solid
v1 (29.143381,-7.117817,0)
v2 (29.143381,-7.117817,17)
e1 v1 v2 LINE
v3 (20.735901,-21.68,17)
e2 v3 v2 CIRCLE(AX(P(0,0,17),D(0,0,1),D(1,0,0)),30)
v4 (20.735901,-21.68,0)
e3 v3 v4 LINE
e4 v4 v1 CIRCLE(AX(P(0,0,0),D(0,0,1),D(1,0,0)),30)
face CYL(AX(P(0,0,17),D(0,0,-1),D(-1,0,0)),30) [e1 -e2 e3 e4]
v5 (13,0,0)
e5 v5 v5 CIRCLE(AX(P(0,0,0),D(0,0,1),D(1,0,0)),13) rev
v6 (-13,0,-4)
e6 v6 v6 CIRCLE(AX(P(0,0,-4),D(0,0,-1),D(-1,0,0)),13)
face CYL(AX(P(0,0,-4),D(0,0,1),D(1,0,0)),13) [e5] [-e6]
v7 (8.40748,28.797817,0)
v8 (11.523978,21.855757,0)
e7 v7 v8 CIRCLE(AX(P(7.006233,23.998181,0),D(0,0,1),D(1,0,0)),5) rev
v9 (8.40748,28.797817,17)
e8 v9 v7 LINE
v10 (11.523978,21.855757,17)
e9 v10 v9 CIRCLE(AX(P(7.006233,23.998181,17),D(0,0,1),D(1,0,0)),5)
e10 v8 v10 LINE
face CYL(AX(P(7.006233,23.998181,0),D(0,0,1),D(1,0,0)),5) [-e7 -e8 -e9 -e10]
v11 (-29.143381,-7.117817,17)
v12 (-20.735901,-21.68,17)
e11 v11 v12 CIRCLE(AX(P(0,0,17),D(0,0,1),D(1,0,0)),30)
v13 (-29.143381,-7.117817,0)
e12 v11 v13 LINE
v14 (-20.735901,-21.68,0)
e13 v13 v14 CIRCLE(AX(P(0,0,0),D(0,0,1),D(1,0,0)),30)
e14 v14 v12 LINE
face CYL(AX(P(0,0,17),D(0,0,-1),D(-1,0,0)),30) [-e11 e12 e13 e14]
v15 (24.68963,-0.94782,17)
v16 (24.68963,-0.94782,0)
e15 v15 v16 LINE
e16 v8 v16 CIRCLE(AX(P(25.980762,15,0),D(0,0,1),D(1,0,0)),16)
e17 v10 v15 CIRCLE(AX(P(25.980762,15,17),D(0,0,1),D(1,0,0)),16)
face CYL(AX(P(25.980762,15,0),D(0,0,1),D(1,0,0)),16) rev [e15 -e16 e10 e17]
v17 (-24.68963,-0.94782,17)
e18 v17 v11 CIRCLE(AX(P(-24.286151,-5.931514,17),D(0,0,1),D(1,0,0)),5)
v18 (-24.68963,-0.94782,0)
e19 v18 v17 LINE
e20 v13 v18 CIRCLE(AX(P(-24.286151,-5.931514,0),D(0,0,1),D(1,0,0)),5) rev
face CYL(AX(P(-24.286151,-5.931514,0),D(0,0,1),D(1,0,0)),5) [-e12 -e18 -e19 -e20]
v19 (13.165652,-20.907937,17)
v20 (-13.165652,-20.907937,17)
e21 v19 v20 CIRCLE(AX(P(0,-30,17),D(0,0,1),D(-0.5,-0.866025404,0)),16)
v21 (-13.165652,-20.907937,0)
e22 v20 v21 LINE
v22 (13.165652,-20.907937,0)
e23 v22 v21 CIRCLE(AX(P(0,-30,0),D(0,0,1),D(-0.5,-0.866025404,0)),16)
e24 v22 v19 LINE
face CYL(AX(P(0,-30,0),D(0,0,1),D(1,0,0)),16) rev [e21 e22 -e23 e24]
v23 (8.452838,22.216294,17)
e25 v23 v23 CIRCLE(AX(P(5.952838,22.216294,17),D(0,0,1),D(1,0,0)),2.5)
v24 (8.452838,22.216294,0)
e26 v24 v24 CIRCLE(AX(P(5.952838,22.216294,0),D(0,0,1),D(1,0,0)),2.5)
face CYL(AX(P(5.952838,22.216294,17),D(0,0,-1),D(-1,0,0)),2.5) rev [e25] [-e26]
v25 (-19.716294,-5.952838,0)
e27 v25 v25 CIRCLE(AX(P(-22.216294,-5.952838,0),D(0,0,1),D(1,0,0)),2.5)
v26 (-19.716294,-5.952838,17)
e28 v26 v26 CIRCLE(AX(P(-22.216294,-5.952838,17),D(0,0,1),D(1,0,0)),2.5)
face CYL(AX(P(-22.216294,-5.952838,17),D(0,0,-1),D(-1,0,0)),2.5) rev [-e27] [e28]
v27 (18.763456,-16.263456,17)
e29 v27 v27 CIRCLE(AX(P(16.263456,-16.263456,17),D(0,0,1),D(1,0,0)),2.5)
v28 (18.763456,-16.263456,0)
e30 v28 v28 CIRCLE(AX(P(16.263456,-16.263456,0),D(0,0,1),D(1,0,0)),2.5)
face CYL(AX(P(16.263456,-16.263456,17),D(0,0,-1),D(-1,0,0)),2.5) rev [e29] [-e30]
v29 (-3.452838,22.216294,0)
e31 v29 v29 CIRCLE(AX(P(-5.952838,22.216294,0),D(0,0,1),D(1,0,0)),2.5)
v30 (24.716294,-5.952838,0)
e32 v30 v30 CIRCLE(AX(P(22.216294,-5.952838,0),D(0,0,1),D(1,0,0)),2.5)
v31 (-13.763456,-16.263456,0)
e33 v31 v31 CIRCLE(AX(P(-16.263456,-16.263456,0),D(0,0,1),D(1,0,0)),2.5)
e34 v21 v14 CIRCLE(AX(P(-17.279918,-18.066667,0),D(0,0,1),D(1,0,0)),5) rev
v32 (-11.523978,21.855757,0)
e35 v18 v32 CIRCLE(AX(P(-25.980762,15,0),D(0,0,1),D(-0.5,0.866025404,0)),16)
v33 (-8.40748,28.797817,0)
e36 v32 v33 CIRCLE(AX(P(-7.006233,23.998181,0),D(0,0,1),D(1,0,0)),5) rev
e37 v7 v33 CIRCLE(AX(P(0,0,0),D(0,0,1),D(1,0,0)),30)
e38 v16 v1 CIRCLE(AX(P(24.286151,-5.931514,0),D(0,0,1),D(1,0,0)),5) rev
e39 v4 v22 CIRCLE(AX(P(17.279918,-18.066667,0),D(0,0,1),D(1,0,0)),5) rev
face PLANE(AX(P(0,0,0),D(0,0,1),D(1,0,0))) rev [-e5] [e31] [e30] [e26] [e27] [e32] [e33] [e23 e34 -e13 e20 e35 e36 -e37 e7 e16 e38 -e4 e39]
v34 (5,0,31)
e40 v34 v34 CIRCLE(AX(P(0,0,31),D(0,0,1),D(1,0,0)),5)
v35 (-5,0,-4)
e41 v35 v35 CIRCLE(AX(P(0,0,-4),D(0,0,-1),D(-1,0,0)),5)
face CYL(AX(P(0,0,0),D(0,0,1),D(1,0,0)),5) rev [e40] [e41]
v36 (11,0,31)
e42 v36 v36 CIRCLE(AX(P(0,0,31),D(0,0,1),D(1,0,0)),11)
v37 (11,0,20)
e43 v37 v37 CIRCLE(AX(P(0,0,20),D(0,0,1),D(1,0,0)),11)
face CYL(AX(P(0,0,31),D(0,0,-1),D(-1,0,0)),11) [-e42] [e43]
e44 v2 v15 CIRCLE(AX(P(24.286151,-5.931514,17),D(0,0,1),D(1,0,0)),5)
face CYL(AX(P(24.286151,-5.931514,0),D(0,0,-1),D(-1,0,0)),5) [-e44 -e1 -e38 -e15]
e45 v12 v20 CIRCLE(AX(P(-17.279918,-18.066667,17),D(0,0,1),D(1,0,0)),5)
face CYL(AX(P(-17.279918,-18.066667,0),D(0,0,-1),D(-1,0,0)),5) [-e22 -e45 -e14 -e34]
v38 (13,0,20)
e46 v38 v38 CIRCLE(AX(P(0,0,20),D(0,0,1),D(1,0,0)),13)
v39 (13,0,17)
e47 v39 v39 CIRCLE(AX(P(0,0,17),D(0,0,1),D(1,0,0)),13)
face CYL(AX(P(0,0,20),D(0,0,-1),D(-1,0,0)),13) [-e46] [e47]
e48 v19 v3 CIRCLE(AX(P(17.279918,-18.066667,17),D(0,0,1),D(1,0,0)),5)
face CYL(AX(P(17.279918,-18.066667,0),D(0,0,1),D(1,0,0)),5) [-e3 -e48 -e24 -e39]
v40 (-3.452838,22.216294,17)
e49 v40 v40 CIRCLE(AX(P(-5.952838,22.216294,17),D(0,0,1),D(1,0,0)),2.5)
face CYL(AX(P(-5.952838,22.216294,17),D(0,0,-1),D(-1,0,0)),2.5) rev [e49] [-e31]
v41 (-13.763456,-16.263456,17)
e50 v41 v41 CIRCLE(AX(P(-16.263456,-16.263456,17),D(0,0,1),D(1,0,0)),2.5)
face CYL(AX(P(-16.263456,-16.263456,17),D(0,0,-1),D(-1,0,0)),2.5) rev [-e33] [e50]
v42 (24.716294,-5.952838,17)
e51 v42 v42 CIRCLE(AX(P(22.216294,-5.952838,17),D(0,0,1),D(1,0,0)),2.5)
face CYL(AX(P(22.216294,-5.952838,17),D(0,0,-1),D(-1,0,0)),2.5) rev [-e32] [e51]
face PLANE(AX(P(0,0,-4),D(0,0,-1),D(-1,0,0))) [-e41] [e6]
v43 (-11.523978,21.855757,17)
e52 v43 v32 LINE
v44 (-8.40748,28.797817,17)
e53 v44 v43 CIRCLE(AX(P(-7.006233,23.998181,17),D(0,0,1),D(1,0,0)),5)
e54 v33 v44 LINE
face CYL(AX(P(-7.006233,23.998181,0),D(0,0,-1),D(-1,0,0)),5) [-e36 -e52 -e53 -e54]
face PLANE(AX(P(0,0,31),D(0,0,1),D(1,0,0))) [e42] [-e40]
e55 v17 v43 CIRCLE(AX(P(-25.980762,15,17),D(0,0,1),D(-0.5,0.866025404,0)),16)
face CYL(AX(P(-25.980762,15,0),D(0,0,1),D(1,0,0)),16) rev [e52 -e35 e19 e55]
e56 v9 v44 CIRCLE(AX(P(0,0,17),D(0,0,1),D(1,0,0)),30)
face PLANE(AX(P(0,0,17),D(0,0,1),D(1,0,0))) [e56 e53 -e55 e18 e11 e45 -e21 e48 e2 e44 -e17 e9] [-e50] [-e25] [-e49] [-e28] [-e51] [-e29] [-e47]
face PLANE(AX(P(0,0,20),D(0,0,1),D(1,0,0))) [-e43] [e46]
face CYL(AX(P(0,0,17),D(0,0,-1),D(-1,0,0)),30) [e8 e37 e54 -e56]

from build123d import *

# Parameters (mm, degrees)
SKETCH_1_R               = 30
SKETCH_1_R_2             = 2.5
EXTRUDE_1_DEPTH          = 17
SKETCH_2_R               = 16
CUT_EXTRUDE_1_DEPTH      = 18
PATTERN_CIRCULAR_1_COUNT = 3
SKETCH_4_R               = 11
EXTRUDE_3_DEPTH          = 14
SKETCH_5_R               = 5
CUT_EXTRUDE_2_DEPTH      = 32
SKETCH_6_W               = 4
SKETCH_6_H               = 2.5
CUT_EXTRUDE_3_DEPTH      = 32
SKETCH_7_R               = 13
EXTRUDE_4_DEPTH          = 4
EXTRUDE_5_DEPTH          = 35
SKETCH_10_R              = 13
SKETCH_10_R_2            = 11
EXTRUDE_8_DEPTH          = 3
FILLET_1_R               = 5


with BuildPart() as part:
    # 草图1 → 凸台-拉伸1 (new body)
    with BuildSketch(Plane.XY):
        Circle(SKETCH_1_R)
        with Locations((-5.952838037, 22.216294005)):
            Circle(SKETCH_1_R_2, mode=Mode.SUBTRACT)
        with Locations((5.952838037, 22.216294005)):
            Circle(SKETCH_1_R_2, mode=Mode.SUBTRACT)
        with Locations((22.216294005, -5.952838037)):
            Circle(SKETCH_1_R_2, mode=Mode.SUBTRACT)
        with Locations((16.263455967, -16.263455967)):
            Circle(SKETCH_1_R_2, mode=Mode.SUBTRACT)
        with Locations((-16.263455967, -16.263455967)):
            Circle(SKETCH_1_R_2, mode=Mode.SUBTRACT)
        with Locations((-22.216294005, -5.952838037)):
            Circle(SKETCH_1_R_2, mode=Mode.SUBTRACT)
    extrude(amount=EXTRUDE_1_DEPTH)

    # 草图2 → 切除-拉伸1 (cut, through all)
    with BuildSketch(Plane.XY.offset(17)):
        with Locations((25.980762114, 15)):
            Circle(SKETCH_2_R)
    cut_extrude_1 = extrude(amount=-CUT_EXTRUDE_1_DEPTH, mode=Mode.SUBTRACT)

    # 阵列(圆周)1: 切除-拉伸1 ×3 about axis
    pattern_circular_1_axis = Axis((0, 0, 0), (0, 0, 1))
    for i in range(1, PATTERN_CIRCULAR_1_COUNT):
        add(cut_extrude_1.rotate(pattern_circular_1_axis, i * 360 / PATTERN_CIRCULAR_1_COUNT), mode=Mode.SUBTRACT)

    # 草图4 → 凸台-拉伸3 (add)
    with BuildSketch(Plane.XY.offset(17)):
        Circle(SKETCH_4_R)
    extrude(amount=EXTRUDE_3_DEPTH)

    # 草图5 → 切除-拉伸2 (cut, through all)
    with BuildSketch(Plane.XY.offset(31)):
        Circle(SKETCH_5_R)
    extrude(amount=-CUT_EXTRUDE_2_DEPTH, mode=Mode.SUBTRACT)

    # 草图6 → 切除-拉伸3 (cut, through all)
    with BuildSketch(Plane.XY.offset(31)):
        with Locations((0, 5)):
            Rectangle(SKETCH_6_W, SKETCH_6_H)
    extrude(amount=-CUT_EXTRUDE_3_DEPTH, mode=Mode.SUBTRACT)

    # 草图7 → 凸台-拉伸4 (add)
    with BuildSketch(Plane(origin=(0, 0, 0), x_dir=(-1, 0, 0), z_dir=(0, 0, -1))):
        Circle(SKETCH_7_R)
        with BuildLine():
            Line((-2, 4.582575695), (-2, 6.25))
            Line((-2, 6.25), (2, 6.25))
            Line((2, 6.25), (2, 4.582575695))
            ThreePointArc((2, 4.582575695), (0, -5), (-2, 4.582575695))
        make_face(mode=Mode.SUBTRACT)
    extrude(amount=EXTRUDE_4_DEPTH)

    # 草图8 → 凸台-拉伸5 (add)
    with BuildSketch(Plane(origin=(0, 0, -4), x_dir=(-1, 0, 0), z_dir=(0, 0, -1))):
        with BuildLine():
            Line((-2, 4.582575695), (-2, 6.25))
            Line((-2, 6.25), (2, 6.25))
            Line((2, 6.25), (2, 4.582575695))
            ThreePointArc((2, 4.582575695), (0, 5), (-2, 4.582575695))
        make_face()
    extrude(amount=-EXTRUDE_5_DEPTH)

    # 草图10 → 凸台-拉伸8 (add)
    with BuildSketch(Plane.XY.offset(17)):
        Circle(SKETCH_10_R)
        Circle(SKETCH_10_R_2, mode=Mode.SUBTRACT)
    extrude(amount=EXTRUDE_8_DEPTH)

    # 圆角1
    fillet_1_edges = [part.edges().sort_by_distance(p)[0] for p in [
        (14.575409833, 26.221316294, 8.5),
        (29.996030948, -0.487982961, 8.5),
        (-29.996030948, -0.487982961, 8.5),
        (-14.575409833, 26.221316294, 8.5),
        (15.420621114, -25.733333333, 8.5),
        (-15.420621114, -25.733333333, 8.5),
    ]]
    fillet(fillet_1_edges, radius=FILLET_1_R)


solid = part.part
